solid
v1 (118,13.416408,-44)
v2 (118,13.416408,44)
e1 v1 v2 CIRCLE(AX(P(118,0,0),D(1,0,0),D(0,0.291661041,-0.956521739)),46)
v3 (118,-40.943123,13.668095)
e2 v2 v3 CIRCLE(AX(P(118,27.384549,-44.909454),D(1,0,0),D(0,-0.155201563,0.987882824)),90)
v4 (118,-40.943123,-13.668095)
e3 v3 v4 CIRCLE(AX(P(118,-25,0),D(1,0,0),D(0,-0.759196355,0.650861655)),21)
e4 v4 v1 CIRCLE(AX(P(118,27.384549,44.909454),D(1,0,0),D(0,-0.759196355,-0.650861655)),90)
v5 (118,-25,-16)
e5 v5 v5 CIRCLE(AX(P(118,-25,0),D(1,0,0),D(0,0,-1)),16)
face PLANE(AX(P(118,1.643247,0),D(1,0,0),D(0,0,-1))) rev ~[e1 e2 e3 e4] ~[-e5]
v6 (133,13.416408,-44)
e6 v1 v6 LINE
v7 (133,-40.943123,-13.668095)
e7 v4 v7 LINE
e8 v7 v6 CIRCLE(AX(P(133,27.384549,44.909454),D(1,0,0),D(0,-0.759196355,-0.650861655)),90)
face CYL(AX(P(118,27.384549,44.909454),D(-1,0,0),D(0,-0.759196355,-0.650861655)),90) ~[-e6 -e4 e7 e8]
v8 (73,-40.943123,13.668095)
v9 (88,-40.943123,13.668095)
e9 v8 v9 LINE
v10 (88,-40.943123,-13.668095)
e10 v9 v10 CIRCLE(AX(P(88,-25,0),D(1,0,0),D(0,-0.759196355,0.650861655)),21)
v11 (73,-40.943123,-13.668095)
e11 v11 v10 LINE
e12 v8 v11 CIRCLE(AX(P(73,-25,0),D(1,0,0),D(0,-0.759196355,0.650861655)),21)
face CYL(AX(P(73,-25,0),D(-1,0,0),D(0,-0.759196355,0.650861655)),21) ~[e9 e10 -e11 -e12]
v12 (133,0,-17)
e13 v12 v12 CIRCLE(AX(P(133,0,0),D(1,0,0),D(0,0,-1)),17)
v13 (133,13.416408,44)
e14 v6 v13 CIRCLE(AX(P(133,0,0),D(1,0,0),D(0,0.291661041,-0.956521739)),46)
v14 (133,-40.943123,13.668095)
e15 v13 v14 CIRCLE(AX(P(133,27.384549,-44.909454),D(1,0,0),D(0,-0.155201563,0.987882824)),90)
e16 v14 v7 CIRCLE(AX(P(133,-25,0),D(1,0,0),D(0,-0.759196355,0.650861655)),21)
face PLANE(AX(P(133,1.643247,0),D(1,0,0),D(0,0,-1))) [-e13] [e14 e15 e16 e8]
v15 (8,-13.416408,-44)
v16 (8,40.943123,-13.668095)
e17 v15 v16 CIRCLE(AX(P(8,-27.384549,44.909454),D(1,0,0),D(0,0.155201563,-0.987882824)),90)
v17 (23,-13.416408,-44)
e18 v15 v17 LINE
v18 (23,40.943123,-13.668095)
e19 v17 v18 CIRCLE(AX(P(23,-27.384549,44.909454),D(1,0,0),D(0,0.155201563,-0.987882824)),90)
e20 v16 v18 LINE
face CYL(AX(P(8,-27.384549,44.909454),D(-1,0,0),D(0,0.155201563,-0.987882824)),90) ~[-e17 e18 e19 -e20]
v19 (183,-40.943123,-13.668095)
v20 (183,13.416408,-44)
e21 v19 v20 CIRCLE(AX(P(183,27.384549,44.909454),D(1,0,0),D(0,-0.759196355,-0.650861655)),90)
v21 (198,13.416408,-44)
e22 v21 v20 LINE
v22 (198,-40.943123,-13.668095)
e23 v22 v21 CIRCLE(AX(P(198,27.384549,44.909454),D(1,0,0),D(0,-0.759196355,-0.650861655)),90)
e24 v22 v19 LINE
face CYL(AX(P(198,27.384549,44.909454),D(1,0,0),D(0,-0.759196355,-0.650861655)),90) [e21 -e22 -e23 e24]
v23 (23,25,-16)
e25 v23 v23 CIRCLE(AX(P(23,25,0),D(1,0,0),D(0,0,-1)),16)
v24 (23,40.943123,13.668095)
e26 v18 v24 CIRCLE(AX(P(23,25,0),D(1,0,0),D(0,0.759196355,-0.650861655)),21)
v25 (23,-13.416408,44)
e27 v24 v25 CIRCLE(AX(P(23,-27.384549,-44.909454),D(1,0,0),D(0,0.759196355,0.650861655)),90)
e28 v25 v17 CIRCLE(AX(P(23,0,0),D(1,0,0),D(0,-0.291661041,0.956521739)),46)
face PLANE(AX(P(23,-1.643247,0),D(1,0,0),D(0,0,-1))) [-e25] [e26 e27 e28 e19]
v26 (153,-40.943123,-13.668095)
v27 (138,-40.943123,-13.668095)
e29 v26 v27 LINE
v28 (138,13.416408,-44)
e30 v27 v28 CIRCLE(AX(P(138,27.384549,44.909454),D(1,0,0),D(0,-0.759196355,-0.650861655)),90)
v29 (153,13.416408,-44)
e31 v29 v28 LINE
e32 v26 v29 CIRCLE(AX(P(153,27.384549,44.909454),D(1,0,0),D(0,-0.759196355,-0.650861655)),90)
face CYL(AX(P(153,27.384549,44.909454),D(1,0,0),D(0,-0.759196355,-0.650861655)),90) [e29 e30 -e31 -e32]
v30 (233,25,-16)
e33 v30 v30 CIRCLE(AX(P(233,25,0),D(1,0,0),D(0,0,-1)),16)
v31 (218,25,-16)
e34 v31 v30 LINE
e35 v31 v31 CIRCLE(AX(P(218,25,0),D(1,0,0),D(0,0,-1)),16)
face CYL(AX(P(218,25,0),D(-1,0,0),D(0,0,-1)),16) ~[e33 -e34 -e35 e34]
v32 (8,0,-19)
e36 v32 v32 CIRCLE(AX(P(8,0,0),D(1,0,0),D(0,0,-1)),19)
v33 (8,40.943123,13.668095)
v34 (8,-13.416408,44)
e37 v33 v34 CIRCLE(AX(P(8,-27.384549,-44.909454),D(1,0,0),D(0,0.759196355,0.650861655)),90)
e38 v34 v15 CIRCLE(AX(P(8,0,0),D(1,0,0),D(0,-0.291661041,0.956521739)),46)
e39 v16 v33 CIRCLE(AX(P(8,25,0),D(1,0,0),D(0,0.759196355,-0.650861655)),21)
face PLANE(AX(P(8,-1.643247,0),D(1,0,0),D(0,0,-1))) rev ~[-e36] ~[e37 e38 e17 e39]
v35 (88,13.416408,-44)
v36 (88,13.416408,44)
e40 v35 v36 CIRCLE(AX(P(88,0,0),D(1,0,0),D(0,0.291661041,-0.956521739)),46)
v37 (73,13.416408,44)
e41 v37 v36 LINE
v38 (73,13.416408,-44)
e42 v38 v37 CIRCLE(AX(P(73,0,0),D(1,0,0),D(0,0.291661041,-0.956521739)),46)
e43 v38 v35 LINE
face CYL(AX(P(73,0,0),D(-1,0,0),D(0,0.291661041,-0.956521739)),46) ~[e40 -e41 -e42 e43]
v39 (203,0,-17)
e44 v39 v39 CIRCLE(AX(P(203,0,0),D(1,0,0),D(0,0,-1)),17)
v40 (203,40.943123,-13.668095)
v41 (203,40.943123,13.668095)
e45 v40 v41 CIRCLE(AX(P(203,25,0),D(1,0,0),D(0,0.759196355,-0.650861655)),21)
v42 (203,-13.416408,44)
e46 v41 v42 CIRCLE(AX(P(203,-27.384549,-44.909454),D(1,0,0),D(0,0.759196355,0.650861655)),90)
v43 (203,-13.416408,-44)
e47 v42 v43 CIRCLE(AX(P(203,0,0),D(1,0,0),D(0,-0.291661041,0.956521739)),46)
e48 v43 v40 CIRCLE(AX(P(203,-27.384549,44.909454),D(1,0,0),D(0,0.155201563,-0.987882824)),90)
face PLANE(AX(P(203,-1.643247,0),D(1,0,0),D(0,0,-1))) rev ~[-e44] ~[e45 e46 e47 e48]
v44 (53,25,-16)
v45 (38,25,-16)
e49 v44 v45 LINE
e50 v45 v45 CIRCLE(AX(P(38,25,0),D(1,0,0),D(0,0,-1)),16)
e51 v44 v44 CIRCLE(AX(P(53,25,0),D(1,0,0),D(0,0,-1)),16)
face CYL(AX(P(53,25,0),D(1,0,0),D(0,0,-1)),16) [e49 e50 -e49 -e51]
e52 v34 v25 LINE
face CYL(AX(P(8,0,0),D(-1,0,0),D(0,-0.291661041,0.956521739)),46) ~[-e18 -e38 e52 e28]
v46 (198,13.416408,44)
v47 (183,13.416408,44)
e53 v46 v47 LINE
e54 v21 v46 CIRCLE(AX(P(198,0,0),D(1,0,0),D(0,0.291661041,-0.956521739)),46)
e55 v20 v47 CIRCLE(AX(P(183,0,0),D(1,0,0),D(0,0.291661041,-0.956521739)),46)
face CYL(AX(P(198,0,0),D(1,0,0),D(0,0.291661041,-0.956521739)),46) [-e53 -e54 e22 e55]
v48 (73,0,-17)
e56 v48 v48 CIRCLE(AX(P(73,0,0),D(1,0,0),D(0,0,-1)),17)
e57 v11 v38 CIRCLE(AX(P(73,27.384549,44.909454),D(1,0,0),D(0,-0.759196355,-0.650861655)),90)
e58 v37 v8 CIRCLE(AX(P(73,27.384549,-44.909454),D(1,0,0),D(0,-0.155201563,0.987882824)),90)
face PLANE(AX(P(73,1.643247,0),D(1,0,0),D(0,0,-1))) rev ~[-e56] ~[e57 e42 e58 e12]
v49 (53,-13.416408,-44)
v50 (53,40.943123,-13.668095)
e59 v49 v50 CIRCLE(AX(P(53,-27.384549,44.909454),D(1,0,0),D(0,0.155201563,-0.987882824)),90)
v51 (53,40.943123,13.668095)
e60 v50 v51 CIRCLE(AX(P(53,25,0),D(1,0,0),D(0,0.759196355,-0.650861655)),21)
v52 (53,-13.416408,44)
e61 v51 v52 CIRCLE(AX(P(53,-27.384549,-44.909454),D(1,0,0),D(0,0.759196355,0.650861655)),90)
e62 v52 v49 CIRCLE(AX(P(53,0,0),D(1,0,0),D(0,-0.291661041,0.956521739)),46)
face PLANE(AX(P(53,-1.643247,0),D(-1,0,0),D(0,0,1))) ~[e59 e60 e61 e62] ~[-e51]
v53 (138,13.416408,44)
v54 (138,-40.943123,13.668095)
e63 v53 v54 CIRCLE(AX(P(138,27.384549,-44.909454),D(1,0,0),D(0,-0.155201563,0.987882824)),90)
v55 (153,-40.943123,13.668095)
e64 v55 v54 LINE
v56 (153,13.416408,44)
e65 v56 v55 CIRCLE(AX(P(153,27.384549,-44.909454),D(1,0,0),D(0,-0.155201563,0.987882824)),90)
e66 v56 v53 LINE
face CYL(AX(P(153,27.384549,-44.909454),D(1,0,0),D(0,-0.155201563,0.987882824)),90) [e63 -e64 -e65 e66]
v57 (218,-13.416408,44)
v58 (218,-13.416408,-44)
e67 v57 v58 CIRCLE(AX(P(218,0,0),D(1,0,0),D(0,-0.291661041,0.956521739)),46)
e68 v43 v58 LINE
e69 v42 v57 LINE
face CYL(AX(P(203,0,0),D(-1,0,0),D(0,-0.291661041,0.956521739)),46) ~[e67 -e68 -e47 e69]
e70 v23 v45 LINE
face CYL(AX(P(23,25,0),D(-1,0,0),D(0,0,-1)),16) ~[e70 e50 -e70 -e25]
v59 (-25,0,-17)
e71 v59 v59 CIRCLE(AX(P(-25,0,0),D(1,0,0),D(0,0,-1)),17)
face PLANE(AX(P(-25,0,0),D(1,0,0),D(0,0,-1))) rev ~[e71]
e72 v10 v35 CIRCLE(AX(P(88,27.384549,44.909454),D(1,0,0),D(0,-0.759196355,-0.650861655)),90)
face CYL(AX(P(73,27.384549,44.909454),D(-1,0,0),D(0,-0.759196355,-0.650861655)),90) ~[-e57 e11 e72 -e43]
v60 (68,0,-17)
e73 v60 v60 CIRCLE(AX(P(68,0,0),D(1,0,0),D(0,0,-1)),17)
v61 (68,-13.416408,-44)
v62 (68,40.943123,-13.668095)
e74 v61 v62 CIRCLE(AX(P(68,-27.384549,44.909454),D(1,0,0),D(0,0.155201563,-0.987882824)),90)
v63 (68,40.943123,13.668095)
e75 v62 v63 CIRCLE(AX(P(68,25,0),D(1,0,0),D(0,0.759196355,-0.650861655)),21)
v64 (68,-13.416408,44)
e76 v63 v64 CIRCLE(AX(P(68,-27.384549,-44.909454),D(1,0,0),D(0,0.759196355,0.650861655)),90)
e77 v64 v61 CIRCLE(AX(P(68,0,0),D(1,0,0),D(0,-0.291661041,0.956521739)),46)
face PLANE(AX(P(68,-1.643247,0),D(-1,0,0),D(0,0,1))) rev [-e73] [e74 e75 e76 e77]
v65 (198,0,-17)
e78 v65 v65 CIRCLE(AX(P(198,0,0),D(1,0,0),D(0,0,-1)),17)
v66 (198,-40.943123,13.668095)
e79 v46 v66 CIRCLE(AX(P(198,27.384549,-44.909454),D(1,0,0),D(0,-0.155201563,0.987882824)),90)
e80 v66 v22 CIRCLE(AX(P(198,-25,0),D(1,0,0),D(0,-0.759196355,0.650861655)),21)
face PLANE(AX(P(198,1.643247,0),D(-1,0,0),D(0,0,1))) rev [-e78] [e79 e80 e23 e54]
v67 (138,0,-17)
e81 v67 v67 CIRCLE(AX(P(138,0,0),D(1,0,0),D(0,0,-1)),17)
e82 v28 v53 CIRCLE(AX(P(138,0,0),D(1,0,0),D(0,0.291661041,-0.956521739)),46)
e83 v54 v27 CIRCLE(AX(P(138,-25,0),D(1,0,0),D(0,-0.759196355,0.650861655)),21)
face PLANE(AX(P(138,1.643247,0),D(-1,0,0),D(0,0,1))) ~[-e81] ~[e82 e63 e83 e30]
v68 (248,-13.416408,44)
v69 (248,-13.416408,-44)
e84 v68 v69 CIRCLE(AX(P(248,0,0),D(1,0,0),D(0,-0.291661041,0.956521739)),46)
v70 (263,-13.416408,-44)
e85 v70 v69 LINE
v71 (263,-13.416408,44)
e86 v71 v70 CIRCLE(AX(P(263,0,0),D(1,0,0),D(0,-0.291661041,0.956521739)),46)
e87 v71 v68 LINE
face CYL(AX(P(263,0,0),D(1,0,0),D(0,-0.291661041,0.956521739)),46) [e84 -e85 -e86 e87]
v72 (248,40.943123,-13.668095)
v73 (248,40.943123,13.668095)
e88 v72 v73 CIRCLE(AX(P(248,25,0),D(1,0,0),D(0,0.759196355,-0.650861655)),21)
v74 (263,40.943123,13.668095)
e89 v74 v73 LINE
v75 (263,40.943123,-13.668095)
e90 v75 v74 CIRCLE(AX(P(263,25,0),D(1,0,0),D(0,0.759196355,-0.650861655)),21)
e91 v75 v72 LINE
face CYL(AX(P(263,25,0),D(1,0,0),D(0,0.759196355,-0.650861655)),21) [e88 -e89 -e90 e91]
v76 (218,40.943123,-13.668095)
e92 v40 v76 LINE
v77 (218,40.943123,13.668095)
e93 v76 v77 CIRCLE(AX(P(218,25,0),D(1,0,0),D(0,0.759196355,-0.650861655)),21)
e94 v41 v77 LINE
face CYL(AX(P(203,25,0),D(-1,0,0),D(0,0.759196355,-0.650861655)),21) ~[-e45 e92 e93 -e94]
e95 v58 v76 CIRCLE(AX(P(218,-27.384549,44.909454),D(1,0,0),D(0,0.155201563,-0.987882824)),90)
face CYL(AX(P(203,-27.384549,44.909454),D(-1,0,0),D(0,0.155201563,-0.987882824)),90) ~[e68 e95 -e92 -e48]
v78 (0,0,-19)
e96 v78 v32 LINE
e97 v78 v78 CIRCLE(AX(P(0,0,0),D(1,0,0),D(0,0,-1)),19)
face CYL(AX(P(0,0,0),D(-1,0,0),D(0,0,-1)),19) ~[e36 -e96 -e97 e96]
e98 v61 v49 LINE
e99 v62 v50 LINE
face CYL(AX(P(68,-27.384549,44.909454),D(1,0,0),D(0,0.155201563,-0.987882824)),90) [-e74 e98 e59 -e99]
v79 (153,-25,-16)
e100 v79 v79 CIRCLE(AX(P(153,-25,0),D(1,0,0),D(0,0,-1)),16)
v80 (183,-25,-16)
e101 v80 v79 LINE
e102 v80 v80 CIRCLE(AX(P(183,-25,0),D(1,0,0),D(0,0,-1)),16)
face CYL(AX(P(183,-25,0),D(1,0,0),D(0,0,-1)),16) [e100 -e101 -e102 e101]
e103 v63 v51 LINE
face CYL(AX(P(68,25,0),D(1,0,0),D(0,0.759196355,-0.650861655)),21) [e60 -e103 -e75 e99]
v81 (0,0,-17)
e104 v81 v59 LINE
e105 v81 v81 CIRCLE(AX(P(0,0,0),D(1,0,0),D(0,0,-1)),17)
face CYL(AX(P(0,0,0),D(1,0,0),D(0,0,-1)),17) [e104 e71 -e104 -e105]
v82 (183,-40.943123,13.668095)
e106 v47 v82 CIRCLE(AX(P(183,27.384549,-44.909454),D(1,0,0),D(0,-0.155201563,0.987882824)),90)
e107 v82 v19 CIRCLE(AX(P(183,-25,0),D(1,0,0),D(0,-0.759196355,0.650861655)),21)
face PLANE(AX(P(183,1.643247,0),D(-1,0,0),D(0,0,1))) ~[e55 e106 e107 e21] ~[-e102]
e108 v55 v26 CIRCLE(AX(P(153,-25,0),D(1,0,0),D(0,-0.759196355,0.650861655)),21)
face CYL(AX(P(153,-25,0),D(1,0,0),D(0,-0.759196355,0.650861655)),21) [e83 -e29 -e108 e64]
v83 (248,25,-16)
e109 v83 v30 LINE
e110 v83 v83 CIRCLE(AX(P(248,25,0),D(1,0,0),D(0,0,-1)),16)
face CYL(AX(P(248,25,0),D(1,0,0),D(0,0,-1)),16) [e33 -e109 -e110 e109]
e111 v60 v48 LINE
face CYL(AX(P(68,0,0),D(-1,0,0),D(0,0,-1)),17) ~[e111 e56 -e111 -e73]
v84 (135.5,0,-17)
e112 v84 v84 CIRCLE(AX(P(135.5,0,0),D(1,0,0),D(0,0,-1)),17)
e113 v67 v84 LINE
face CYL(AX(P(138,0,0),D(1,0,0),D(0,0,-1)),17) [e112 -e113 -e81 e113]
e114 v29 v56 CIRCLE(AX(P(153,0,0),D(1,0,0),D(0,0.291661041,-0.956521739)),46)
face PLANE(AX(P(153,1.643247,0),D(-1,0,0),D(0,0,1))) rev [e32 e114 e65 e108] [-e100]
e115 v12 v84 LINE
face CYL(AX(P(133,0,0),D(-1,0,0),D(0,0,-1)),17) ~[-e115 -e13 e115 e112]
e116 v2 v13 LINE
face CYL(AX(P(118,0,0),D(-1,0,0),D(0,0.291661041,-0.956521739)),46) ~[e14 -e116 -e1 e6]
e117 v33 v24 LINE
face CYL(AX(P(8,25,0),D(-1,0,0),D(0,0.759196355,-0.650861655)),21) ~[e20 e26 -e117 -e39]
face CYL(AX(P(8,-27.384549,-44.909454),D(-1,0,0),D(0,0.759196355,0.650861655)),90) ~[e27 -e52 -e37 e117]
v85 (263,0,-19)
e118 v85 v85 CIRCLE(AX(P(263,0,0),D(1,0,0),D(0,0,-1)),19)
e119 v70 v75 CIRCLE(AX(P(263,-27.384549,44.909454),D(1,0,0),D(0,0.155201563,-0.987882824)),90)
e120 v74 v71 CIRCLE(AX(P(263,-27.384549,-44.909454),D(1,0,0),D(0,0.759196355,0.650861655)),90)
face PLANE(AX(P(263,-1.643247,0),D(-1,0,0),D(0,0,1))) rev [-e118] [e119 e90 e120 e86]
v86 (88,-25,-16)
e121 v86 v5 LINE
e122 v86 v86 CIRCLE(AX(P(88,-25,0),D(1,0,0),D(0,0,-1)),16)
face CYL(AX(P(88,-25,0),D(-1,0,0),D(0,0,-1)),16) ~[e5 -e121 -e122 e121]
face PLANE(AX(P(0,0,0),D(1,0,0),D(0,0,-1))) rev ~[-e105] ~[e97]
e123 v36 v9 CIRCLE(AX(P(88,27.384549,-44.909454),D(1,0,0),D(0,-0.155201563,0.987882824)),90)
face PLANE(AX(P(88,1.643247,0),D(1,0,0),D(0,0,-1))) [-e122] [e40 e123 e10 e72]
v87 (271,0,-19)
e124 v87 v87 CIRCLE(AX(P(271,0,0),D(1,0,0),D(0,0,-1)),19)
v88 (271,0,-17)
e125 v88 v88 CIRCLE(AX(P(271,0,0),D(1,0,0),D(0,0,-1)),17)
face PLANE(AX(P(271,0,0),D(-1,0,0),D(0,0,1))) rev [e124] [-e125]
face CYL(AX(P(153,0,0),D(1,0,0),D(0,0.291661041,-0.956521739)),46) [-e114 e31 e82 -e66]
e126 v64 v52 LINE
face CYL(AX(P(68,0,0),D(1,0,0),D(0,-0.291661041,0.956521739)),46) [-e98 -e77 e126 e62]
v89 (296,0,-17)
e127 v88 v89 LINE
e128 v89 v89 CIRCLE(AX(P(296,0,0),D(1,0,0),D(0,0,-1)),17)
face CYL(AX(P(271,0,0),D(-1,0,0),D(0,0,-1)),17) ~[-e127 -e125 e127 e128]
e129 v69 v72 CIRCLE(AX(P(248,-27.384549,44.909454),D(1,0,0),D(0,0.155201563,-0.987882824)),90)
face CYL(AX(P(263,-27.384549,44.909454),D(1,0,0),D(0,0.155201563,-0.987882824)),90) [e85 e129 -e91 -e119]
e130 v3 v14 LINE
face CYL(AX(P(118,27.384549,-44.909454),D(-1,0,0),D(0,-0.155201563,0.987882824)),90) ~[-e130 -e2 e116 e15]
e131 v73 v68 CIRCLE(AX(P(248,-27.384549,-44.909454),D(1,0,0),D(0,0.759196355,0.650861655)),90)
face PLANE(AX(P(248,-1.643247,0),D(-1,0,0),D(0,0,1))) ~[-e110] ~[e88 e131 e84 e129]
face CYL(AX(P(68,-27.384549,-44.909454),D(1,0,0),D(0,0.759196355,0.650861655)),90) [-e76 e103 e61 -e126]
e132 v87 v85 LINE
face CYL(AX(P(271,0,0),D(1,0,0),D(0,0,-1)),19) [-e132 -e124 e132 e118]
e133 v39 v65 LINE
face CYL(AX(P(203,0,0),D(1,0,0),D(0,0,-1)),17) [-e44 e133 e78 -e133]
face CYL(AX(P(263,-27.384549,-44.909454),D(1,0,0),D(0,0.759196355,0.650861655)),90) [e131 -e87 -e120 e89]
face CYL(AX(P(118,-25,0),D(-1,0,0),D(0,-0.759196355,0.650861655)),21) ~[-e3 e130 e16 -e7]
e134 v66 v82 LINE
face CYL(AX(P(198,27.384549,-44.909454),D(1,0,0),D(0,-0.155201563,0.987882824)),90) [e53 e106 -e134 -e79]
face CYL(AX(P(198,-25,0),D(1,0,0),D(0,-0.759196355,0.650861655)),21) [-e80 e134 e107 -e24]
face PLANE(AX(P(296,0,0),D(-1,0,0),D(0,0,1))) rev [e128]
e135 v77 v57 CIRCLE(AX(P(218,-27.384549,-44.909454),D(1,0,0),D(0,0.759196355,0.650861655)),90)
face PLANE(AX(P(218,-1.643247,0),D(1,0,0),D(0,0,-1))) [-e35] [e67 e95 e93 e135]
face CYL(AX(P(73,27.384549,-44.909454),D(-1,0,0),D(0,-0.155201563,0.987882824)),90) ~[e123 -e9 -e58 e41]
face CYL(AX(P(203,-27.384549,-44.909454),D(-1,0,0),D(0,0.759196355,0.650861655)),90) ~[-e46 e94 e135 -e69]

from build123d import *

# Parameters (mm, degrees)
SKETCH1_R           = 17
BOSS_EXTRUDE1_DEPTH = 25
SKETCH1_3_R         = 19
BOSS_EXTRUDE2_DEPTH = 8
BOSS_EXTRUDE3_DEPTH = 15
SKETCH3_R           = 16
BOSS_EXTRUDE4_DEPTH = 15
BOSS_EXTRUDE5_START = 5
SKETCH4_R           = 17
BOSS_EXTRUDE5_DEPTH = 5
BOSS_EXTRUDE6_DEPTH = 15
SKETCH6_R           = 16
BOSS_EXTRUDE7_DEPTH = 30
BOSS_EXTRUDE8_DEPTH = 15
BOSS_EXTRUDE9_START = 2.5
SKETCH8_R           = 17
BOSS_EXTRUDE9_DEPTH = 2.5


with BuildPart() as part:
    # Sketch1 → Boss-Extrude1 (new body)
    with BuildSketch(Plane(origin=(0, 0, 0), x_dir=(0, 0, -1), z_dir=(1, 0, 0))):
        Circle(SKETCH1_R)
    extrude(amount=-BOSS_EXTRUDE1_DEPTH)

    # Sketch1<3> → Boss-Extrude2 (add)
    with BuildSketch(Plane(origin=(0, 0, 0), x_dir=(0, 0, -1), z_dir=(1, 0, 0))):
        Circle(SKETCH1_3_R)
    extrude(amount=BOSS_EXTRUDE2_DEPTH)

    # Sketch2 → Boss-Extrude3 (add)
    with BuildSketch(Plane(origin=(8, 0, 0), x_dir=(0, 0, -1), z_dir=(1, 0, 0))):
        with BuildLine():
            ThreePointArc((-44, -13.416407865), (0, -46), (44, -13.416407865))
            ThreePointArc((44, -13.416407865), (33.683444249, 16.469257624), (13.668094758, 40.943123461))
            ThreePointArc((13.668094758, 40.943123461), (0, 46), (-13.668094758, 40.943123461))
            ThreePointArc((-13.668094758, 40.943123461), (-33.683444249, 16.469257624), (-44, -13.416407865))
        make_face()
    boss_extrude3 = extrude(amount=BOSS_EXTRUDE3_DEPTH)

    # Sketch3 → Boss-Extrude4 (add)
    with BuildSketch(Plane(origin=(23, 0, 0), x_dir=(0, 0, -1), z_dir=(1, 0, 0))):
        with Locations((0, 25)):
            Circle(SKETCH3_R)
    boss_extrude4 = extrude(amount=BOSS_EXTRUDE4_DEPTH)

    # Mirror1: Boss-Extrude3, Boss-Extrude4 across plane
    add(boss_extrude3.mirror(Plane(origin=(38, 25, 0), x_dir=(0, 0, 1), z_dir=(1, 0, 0))))
    add(boss_extrude4.mirror(Plane(origin=(38, 25, 0), x_dir=(0, 0, 1), z_dir=(1, 0, 0))))

    # Sketch4 → Boss-Extrude5 (add)
    with BuildSketch(Plane(origin=(68, 0, 0), x_dir=(0, 0, -1), z_dir=(1, 0, 0)).offset(BOSS_EXTRUDE5_START)):
        Circle(SKETCH4_R)
    extrude(amount=-BOSS_EXTRUDE5_DEPTH)

    # Sketch5 → Boss-Extrude6 (add)
    with BuildSketch(Plane(origin=(73, 0, 0), x_dir=(0, 0, -1), z_dir=(1, 0, 0))):
        with BuildLine():
            ThreePointArc((44, 13.416407865), (0, 46), (-44, 13.416407865))
            ThreePointArc((-44, 13.416407865), (-33.683444249, -16.469257624), (-13.668094758, -40.943123461))
            ThreePointArc((-13.668094758, -40.943123461), (0, -46), (13.668094758, -40.943123461))
            ThreePointArc((13.668094758, -40.943123461), (33.683444249, -16.469257624), (44, 13.416407865))
        make_face()
    extrude(amount=BOSS_EXTRUDE6_DEPTH)

    # Sketch6 → Boss-Extrude7 (add)
    with BuildSketch(Plane(origin=(88, 0, 0), x_dir=(0, 0, -1), z_dir=(1, 0, 0))):
        with Locations((0, -25)):
            Circle(SKETCH6_R)
    extrude(amount=BOSS_EXTRUDE7_DEPTH)

    # Sketch7 → Boss-Extrude8 (add)
    with BuildSketch(Plane(origin=(118, 0, 0), x_dir=(0, 0, -1), z_dir=(1, 0, 0))):
        with BuildLine():
            ThreePointArc((44, 13.416407865), (0, 46), (-44, 13.416407865))
            ThreePointArc((-44, 13.416407865), (-33.683444249, -16.469257624), (-13.668094758, -40.943123461))
            ThreePointArc((-13.668094758, -40.943123461), (0, -46), (13.668094758, -40.943123461))
            ThreePointArc((13.668094758, -40.943123461), (33.683444249, -16.469257624), (44, 13.416407865))
        make_face()
    extrude(amount=BOSS_EXTRUDE8_DEPTH)

    # Sketch8 → Boss-Extrude9 (add)
    with BuildSketch(Plane(origin=(133, 0, 0), x_dir=(0, 0, -1), z_dir=(1, 0, 0)).offset(BOSS_EXTRUDE9_START)):
        Circle(SKETCH8_R)
    extrude(amount=-BOSS_EXTRUDE9_DEPTH)

    # Mirror12: part across plane


with BuildPart() as part_1:
    add(part.part)
    add(part.part.mirror(Plane(origin=(135.5, 0, 0), x_dir=(0, 0, 1), z_dir=(1, 0, 0))))


solid = part_1.part
